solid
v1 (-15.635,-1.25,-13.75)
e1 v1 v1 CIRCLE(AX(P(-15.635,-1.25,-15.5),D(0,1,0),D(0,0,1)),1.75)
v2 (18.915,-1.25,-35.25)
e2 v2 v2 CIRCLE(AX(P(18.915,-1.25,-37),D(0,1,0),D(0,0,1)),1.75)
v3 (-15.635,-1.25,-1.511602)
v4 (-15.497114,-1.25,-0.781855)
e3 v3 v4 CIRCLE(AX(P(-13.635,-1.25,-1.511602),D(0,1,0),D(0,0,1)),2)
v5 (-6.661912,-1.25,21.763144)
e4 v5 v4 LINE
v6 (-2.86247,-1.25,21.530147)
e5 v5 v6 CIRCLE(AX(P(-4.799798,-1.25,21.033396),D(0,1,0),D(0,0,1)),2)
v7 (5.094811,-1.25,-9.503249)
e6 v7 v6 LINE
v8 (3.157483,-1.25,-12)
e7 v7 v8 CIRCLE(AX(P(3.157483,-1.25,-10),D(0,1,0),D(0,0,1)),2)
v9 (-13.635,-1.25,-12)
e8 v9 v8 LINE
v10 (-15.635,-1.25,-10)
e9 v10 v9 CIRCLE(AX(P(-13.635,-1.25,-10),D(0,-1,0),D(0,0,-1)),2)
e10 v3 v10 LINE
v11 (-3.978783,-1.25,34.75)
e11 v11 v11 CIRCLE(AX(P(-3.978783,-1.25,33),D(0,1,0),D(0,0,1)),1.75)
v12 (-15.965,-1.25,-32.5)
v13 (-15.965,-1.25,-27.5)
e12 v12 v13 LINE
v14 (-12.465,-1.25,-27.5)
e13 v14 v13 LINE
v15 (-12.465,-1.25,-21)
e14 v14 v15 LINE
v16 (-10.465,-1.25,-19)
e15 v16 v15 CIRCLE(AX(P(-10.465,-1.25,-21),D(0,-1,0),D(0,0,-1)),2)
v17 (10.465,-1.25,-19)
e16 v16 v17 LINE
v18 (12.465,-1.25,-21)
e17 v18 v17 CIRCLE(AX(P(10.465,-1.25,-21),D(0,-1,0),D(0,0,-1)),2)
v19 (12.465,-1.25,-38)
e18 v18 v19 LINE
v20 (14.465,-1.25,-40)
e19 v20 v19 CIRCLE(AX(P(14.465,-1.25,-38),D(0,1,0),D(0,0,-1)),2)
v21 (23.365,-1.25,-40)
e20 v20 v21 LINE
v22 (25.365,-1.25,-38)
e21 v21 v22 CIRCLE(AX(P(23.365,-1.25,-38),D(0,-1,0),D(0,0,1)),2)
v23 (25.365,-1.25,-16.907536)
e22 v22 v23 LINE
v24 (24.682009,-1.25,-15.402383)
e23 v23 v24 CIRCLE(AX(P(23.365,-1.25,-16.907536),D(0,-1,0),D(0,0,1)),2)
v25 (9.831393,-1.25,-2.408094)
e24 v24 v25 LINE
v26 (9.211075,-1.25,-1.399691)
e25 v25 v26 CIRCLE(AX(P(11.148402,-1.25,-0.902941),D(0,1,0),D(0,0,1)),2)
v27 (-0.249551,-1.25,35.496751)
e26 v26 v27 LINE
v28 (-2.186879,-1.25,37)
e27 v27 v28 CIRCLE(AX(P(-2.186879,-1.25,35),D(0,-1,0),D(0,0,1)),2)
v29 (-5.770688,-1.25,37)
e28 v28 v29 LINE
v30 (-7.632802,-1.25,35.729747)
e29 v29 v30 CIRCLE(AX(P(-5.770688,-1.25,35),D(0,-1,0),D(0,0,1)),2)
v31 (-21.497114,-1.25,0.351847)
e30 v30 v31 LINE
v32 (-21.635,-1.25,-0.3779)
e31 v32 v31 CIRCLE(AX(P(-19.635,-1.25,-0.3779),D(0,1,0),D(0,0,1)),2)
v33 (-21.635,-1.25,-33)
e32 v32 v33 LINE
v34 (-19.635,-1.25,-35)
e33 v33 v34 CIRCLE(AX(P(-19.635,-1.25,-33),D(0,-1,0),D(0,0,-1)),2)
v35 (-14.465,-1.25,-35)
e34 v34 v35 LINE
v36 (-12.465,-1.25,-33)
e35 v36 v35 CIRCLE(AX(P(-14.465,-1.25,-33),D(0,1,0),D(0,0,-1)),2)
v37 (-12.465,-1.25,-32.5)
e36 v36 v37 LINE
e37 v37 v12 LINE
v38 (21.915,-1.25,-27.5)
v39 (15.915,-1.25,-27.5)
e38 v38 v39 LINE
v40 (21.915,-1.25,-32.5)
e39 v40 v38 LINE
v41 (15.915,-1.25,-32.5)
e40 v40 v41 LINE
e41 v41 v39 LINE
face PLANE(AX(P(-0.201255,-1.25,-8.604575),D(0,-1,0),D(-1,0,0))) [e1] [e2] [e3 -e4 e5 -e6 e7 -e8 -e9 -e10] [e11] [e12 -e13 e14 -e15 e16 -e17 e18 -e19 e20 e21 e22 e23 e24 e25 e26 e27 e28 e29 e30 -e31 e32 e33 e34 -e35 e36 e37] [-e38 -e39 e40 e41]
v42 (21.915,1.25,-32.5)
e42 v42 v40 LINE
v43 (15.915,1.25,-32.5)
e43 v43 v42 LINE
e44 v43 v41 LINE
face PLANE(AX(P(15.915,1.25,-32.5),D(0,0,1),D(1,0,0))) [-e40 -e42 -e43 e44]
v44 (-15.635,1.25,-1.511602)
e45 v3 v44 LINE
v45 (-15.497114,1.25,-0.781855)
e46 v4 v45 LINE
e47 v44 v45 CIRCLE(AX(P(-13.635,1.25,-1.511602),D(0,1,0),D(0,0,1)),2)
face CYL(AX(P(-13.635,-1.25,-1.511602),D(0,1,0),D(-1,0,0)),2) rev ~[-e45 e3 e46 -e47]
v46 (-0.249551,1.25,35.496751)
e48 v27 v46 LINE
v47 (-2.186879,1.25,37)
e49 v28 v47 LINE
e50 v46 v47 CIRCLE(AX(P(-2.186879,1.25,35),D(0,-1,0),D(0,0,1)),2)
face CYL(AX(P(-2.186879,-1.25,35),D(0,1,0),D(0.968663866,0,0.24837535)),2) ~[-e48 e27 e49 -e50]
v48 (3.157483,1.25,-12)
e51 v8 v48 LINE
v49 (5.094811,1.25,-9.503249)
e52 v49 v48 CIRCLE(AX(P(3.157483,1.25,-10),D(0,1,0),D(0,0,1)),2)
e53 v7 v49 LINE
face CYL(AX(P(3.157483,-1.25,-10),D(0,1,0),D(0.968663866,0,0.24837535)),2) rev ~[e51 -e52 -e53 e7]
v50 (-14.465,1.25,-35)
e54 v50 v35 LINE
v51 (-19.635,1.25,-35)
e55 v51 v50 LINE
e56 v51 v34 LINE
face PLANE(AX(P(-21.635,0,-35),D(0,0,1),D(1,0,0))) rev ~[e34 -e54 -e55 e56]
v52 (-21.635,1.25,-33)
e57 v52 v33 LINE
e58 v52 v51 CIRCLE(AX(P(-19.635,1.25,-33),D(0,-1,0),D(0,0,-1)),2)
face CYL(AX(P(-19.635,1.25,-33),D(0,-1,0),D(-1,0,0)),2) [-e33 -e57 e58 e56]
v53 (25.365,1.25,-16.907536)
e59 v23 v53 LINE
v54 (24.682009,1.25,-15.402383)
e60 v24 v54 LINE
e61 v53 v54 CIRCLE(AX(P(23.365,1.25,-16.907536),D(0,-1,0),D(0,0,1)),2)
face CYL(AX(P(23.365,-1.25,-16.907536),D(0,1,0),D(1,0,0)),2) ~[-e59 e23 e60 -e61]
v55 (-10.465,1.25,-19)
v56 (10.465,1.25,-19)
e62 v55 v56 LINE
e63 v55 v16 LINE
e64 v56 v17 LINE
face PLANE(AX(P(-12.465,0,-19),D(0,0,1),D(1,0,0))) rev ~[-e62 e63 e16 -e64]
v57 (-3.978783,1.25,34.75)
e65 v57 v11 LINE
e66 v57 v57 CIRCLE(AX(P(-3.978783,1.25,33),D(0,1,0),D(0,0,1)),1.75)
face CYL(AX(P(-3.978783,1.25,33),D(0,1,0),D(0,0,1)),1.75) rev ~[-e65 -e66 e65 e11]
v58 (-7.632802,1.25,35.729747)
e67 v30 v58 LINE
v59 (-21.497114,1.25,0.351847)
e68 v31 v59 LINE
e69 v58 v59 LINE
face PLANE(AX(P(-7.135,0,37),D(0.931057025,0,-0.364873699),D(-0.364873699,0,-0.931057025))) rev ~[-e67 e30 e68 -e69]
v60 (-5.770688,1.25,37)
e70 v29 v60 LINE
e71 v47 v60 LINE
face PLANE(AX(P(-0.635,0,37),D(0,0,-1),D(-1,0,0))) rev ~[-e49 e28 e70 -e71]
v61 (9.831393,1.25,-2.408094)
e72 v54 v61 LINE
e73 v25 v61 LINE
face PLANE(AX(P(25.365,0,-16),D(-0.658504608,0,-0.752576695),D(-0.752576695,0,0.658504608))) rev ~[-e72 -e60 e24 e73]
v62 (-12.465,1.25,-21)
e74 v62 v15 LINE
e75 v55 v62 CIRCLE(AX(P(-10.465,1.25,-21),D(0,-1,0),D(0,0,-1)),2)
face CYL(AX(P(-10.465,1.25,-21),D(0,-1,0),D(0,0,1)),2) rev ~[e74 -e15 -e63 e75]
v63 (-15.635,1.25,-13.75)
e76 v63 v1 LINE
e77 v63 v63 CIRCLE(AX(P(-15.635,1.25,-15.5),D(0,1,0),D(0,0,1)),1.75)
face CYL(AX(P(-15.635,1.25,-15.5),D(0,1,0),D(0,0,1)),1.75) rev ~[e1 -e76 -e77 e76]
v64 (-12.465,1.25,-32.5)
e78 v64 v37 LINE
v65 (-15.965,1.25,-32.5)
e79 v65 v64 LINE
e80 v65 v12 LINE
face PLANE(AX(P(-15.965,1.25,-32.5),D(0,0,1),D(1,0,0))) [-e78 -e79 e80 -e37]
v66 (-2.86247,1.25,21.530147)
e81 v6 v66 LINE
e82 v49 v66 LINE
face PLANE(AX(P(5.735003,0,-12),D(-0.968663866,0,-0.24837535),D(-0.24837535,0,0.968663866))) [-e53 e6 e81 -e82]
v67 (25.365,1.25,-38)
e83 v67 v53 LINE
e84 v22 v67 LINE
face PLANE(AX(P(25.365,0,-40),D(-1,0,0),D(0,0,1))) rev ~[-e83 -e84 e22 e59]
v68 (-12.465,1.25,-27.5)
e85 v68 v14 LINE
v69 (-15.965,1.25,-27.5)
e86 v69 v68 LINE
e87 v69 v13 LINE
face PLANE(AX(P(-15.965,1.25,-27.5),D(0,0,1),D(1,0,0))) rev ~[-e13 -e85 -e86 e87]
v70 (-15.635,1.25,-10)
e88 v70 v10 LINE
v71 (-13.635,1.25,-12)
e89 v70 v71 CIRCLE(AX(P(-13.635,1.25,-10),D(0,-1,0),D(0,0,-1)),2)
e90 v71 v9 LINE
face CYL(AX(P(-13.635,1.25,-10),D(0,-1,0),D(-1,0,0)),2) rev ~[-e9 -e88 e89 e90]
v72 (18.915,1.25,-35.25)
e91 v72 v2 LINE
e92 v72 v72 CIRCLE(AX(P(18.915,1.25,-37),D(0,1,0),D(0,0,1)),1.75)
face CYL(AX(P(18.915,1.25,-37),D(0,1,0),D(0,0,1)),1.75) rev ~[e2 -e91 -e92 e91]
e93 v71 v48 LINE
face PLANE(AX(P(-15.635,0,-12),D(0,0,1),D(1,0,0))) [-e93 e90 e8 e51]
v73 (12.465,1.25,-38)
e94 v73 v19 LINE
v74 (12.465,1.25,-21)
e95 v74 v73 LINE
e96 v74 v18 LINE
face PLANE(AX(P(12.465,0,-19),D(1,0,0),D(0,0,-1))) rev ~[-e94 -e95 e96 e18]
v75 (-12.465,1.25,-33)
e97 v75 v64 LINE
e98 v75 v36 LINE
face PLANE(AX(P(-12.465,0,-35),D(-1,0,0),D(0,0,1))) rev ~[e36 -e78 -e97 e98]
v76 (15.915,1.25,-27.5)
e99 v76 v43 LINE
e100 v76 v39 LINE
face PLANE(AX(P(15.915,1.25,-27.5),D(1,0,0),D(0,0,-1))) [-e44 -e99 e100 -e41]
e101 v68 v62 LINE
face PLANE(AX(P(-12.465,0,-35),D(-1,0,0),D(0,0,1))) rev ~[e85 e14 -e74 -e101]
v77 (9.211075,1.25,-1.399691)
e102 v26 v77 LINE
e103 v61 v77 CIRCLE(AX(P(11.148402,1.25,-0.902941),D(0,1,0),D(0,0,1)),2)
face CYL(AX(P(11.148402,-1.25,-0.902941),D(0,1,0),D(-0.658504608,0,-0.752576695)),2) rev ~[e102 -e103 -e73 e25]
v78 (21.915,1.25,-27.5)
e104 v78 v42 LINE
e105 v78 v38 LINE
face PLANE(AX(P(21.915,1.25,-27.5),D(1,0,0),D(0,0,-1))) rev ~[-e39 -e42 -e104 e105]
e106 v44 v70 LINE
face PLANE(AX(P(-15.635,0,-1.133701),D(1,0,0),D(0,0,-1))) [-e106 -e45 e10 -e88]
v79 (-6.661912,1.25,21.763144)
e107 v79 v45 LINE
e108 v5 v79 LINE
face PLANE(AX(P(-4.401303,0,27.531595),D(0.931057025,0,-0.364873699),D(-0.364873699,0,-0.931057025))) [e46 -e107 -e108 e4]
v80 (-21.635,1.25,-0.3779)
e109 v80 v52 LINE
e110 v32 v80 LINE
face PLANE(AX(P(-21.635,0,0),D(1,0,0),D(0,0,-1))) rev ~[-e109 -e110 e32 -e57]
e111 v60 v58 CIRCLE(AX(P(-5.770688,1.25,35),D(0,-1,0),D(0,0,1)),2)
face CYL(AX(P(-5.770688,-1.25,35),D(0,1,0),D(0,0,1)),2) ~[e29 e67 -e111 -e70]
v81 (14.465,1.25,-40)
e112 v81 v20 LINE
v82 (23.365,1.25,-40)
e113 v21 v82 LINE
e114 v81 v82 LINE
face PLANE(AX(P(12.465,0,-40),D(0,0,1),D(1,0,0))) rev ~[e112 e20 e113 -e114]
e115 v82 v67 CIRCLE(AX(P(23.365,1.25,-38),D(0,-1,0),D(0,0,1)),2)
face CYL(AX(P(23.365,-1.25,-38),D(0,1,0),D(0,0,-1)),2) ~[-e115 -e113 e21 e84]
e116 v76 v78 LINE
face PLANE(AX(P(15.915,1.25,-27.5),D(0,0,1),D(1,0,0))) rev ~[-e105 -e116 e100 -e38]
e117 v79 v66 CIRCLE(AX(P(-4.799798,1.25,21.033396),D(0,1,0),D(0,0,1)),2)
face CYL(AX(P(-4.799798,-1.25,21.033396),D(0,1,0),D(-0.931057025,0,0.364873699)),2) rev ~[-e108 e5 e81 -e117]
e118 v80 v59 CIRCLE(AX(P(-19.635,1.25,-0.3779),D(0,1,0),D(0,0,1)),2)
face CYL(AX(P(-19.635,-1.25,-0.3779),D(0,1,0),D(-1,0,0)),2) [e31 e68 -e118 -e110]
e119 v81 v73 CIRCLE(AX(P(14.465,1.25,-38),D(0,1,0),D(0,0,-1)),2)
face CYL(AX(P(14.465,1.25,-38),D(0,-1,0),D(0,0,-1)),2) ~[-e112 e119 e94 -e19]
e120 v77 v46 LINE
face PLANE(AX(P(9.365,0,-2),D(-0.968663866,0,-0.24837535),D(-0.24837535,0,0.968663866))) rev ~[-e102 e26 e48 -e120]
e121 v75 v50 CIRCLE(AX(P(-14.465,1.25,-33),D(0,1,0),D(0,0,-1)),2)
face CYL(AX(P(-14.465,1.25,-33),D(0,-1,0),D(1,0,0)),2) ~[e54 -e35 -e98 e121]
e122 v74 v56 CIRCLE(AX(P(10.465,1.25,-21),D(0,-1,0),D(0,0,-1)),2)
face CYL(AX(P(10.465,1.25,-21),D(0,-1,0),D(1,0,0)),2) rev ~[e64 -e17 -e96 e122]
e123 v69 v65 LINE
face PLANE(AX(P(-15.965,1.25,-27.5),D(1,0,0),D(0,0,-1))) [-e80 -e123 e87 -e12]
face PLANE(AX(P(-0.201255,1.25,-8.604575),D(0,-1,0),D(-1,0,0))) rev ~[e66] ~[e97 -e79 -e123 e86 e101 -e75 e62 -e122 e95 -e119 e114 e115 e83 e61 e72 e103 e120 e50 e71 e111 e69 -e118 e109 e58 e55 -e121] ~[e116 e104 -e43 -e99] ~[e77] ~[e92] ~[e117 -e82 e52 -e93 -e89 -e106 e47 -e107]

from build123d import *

# Parameters (mm, degrees)
BOSS_EXTRUDE1_DEPTH = 1.25
FILLET2_R           = 2
SKETCH2_R           = 1.75
SKETCH2_W           = 6
SKETCH2_H           = 5
SKETCH2_W_2         = 3.5
CUT_EXTRUDE1_DEPTH  = 48.430298597


with BuildPart() as part:
    # Sketch1 → Boss-Extrude1 (new, symmetric)
    with BuildSketch(Plane(origin=(0, 0, 0), x_dir=(1, 0, 0), z_dir=(0, 1, 0))):
        Polygon((-21.635, 0), (-21.635, 35), (-12.465, 35), (-12.465, 19), (12.465, 19), (12.465, 40), (25.365, 40), (25.365, 16), (9.365, 2), (-0.635, -37), (-7.135, -37), align=None)
        Polygon((-15.635, 12), (5.735003444, 12), (-4.401302874, -27.531594642), (-15.635, 1.133701473), align=None, mode=Mode.SUBTRACT)
    extrude(amount=BOSS_EXTRUDE1_DEPTH, both=True)

    # Fillet2
    fillet2_edges = [part.edges().sort_by_distance(p)[0] for p in [
        (-21.635, 0, 0),
        (-21.635, 0, -35),
        (-12.465, 0, -35),
        (-12.465, 0, -19),
        (12.465, 0, -19),
        (12.465, 0, -40),
        (25.365, 0, -40),
        (25.365, 0, -16),
        (9.365, 0, -2),
        (-0.635, 0, 37),
        (-7.135, 0, 37),
        (-15.635, 0, -12),
        (-15.635, 0, -1.133701473),
        (-4.401302874, 0, 27.531594642),
        (5.735003444, 0, -12),
    ]]
    fillet(fillet2_edges, radius=FILLET2_R)

    # Sketch2 → Cut-Extrude1 (cut, through all)
    with BuildSketch(Plane(origin=(0, 1.25, 0), x_dir=(1, 0, 0), z_dir=(0, 1, 0))):
        with Locations(Location((18.915, 37, 0), (0, 0, 270))):
            Circle(SKETCH2_R)
        with Locations(Location((-15.635, 15.5, 0), (0, 0, 270))):
            Circle(SKETCH2_R)
        with Locations(Location((-3.97878342, -33, 0), (0, 0, 270))):
            Circle(SKETCH2_R)
        with Locations((18.915, 30)):
            Rectangle(SKETCH2_W, SKETCH2_H)
        with Locations((-14.215, 30)):
            Rectangle(SKETCH2_W_2, SKETCH2_H)
    extrude(amount=-CUT_EXTRUDE1_DEPTH, mode=Mode.SUBTRACT)


solid = part.part
